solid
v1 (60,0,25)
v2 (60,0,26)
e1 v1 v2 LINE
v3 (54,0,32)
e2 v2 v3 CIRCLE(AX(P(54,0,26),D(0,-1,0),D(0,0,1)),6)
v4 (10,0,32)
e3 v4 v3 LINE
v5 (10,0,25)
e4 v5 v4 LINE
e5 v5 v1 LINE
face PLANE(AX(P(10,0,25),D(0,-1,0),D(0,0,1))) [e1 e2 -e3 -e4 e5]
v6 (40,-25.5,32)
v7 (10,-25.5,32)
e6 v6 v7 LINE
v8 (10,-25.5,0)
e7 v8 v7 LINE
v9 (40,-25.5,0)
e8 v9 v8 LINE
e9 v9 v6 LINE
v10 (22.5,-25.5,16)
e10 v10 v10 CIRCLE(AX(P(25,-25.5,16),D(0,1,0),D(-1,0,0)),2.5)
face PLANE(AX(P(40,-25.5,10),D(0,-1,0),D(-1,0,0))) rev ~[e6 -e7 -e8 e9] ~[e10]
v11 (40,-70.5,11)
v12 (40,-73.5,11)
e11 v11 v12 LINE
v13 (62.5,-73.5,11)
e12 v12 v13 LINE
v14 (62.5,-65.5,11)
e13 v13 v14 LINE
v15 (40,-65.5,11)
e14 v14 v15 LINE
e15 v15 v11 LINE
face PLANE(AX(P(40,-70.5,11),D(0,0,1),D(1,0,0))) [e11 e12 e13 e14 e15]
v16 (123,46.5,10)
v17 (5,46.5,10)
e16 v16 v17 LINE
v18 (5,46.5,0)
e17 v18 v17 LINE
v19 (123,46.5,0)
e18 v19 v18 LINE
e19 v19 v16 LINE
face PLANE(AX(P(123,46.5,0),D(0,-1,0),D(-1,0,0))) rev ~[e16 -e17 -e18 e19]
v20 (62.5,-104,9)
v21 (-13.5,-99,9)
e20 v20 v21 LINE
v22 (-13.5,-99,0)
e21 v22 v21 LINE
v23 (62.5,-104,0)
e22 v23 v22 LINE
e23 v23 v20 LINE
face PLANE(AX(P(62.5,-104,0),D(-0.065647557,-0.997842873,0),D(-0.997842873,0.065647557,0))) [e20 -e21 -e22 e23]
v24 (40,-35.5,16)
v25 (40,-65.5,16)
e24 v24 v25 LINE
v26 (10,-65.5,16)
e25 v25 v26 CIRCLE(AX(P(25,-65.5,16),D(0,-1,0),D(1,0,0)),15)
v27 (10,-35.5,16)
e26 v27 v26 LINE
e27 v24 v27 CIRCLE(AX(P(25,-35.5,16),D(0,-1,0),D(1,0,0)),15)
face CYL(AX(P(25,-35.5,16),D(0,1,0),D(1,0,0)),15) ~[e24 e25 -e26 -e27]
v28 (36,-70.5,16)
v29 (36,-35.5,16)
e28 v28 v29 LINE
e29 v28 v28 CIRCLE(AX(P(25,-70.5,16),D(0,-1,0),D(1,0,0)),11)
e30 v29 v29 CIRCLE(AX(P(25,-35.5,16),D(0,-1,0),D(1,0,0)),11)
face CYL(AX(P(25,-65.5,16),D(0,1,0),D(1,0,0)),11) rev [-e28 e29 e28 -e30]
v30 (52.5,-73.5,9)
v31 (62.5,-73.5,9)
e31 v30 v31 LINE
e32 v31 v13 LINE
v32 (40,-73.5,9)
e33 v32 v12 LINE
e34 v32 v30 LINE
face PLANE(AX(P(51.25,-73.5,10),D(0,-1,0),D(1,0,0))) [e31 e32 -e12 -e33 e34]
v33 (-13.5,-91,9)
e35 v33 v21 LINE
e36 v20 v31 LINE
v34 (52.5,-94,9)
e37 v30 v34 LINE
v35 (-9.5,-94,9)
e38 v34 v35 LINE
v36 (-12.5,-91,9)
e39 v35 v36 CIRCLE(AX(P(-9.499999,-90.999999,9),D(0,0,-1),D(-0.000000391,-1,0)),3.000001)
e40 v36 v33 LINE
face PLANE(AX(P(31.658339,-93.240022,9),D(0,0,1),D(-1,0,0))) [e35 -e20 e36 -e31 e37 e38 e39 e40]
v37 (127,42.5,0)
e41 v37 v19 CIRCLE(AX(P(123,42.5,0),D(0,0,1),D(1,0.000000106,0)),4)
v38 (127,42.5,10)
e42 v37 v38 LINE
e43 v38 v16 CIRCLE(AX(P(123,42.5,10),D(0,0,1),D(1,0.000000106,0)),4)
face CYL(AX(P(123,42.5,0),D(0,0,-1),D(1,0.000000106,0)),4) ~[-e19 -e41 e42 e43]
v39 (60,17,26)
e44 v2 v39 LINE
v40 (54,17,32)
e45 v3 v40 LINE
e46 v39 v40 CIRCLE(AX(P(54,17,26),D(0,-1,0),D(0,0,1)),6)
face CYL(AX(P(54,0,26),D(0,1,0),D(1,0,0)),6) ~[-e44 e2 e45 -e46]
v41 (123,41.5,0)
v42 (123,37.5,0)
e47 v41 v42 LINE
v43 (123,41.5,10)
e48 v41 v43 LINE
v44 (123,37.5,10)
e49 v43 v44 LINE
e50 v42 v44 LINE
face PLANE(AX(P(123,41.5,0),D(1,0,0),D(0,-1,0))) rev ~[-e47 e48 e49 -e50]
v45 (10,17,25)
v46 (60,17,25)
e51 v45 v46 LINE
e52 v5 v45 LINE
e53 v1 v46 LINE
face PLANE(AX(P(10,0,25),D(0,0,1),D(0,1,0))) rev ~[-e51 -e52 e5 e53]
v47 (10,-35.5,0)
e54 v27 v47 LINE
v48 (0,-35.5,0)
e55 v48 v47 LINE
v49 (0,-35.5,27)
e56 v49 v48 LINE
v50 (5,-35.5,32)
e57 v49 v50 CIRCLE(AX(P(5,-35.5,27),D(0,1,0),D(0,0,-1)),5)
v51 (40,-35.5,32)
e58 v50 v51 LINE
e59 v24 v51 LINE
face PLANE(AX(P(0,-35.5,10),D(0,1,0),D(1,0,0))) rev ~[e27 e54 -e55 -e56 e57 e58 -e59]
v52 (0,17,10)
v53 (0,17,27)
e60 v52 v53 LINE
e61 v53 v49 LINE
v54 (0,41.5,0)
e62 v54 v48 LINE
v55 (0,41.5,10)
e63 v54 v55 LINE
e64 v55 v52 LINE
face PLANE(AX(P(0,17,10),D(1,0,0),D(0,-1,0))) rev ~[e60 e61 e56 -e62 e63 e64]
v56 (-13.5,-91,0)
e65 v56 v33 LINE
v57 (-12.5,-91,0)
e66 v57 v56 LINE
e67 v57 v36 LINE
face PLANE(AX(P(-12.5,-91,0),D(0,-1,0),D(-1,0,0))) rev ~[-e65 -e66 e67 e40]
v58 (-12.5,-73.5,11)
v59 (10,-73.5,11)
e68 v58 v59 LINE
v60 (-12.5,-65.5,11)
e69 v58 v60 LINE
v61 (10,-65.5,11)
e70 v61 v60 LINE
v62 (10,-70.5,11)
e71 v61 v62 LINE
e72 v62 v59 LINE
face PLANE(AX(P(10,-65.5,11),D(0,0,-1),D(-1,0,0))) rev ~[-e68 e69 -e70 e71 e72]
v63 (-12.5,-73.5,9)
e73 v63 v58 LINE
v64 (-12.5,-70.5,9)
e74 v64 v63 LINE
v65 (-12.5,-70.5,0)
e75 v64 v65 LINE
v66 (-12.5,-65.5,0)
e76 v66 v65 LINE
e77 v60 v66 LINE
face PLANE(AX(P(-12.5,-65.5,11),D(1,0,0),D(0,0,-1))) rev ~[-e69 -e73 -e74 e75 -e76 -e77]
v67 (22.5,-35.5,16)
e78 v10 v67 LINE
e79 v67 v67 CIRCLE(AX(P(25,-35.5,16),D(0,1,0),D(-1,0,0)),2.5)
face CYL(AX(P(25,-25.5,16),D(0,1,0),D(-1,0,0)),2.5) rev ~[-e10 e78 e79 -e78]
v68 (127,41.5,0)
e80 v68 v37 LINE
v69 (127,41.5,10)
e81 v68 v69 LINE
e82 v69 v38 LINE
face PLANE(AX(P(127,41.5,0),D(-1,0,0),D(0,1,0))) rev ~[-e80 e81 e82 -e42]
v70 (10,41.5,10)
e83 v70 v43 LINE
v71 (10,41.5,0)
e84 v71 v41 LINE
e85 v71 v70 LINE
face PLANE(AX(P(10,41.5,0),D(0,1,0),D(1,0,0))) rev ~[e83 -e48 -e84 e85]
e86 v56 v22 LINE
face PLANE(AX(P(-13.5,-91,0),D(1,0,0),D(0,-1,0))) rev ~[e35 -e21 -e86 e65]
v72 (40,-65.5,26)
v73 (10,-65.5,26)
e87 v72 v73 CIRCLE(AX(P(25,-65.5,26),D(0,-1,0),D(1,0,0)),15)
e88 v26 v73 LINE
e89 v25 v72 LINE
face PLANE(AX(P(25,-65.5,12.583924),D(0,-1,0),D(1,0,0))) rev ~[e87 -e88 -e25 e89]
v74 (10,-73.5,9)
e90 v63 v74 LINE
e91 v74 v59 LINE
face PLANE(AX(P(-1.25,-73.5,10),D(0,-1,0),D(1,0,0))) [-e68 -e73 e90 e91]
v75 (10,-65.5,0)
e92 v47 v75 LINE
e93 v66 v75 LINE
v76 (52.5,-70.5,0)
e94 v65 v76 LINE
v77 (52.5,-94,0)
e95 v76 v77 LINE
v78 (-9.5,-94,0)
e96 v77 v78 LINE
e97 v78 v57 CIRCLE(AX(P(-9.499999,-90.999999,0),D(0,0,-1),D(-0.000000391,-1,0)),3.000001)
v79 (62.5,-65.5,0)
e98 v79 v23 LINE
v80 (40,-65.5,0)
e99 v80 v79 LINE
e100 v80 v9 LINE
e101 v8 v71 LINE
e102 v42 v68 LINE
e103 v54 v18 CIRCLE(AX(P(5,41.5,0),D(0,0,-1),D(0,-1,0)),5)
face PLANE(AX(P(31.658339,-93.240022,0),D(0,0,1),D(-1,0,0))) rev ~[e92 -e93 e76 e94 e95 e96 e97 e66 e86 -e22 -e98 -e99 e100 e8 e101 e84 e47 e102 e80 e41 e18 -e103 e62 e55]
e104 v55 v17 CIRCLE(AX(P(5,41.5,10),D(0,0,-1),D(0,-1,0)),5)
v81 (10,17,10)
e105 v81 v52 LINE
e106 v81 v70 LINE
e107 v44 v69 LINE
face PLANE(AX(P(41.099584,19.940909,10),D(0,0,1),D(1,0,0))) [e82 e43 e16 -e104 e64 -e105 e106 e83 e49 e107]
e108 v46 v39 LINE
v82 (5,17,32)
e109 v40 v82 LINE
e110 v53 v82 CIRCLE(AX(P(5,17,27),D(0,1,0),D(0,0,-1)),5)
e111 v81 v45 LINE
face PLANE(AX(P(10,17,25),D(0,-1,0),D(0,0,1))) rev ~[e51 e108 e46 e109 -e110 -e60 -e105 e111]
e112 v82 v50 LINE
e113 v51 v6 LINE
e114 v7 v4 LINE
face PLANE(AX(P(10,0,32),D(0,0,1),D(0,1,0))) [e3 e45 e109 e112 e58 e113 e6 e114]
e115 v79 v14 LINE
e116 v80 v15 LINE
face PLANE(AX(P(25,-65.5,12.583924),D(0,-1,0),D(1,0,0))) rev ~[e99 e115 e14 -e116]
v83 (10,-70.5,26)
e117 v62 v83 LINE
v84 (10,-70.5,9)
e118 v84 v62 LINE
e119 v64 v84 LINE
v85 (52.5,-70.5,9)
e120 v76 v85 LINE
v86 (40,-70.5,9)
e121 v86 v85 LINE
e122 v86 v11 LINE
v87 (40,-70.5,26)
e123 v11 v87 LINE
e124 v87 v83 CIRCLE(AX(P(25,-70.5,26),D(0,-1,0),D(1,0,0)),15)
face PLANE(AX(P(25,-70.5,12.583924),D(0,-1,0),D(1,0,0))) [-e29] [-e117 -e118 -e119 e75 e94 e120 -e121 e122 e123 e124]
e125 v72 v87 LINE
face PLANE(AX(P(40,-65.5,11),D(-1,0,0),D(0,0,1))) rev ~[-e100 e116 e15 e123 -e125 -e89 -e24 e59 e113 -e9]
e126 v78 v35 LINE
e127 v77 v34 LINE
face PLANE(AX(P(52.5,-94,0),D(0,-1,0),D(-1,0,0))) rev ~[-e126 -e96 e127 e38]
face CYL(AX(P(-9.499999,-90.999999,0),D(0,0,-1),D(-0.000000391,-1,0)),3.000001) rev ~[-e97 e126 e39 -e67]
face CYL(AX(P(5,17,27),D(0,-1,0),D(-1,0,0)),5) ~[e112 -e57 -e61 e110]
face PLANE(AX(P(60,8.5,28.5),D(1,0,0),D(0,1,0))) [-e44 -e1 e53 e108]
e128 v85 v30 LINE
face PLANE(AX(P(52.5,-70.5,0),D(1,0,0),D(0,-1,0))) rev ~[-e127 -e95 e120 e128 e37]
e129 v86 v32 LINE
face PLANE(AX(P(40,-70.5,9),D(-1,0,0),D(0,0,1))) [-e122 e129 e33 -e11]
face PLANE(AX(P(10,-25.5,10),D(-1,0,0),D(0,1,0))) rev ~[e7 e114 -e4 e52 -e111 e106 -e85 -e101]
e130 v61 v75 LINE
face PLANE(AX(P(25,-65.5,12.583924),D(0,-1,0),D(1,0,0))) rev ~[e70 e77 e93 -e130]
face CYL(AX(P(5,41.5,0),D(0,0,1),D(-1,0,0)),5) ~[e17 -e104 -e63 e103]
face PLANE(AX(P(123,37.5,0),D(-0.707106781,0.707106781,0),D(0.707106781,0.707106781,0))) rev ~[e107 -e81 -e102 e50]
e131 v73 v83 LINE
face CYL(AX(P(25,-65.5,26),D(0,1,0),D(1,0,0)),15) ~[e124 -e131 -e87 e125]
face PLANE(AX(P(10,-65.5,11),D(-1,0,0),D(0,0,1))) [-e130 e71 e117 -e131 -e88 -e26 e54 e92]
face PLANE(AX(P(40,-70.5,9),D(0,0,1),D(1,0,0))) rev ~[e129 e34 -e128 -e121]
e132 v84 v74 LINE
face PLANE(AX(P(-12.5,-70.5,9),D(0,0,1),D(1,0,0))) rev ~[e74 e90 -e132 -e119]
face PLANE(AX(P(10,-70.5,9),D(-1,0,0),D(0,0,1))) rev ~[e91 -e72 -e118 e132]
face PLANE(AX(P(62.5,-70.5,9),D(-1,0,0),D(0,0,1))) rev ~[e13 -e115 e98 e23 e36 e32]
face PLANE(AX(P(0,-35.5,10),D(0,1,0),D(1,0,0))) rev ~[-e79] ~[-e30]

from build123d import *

# Parameters (mm, degrees)
PAD_DEPTH    = 10
PAD001_DEPTH = 22
SKETCH003_W  = 17
SKETCH003_H  = 7
PAD002_DEPTH = 50
FILLET_R     = 6
FILLET001_R  = 5
FILLET002_R  = 5
SKETCH004_R  = 2.5
POCKET_DEPTH = 10.001
SKETCH005_R  = 11
PAD003_DEPTH = 30
SKETCH006_R  = 11
PAD004_DEPTH = 5
PAD005_DEPTH = 9
SKETCH008_W  = 22.5
SKETCH008_H  = 2
PAD006_DEPTH = 3


with BuildPart() as part:
    # Sketch → Pad (new body)
    with BuildSketch(Plane.XY):
        with BuildLine():
            Line((123, 46.5), (0, 46.5))
            Line((0, 46.5), (0, -35.5))
            Line((0, -35.5), (40, -35.5))
            Line((40, -35.5), (40, -25.5))
            Line((40, -25.5), (10, -25.5))
            Line((10, -25.5), (10, 41.5))
            Line((10, 41.5), (123, 41.5))
            Line((123, 41.5), (123, 37.5))
            Line((123, 37.5), (127, 41.5))
            Line((127, 41.5), (127, 42.5))
            ThreePointArc((127, 42.5), (125.828427, 45.328427), (123, 46.5))
        make_face()
    extrude(amount=PAD_DEPTH)

    # Sketch002 (on Face13 of Pad) → Pad001 (join)
    with BuildSketch(Plane.XY.offset(10)):
        Polygon((0, -35.5), (40, -35.5), (40, -25.5), (10, -25.5), (10, 17), (0, 17), align=None)
    extrude(amount=PAD001_DEPTH)

    # Sketch003 (on Face20 of Pad001) → Pad002 (join)
    with BuildSketch(Plane.YZ.offset(10)):
        with Locations((8.5, 28.5)):
            Rectangle(SKETCH003_W, SKETCH003_H)
    extrude(amount=PAD002_DEPTH)

    # Fillet
    fillet_edges = [part.edges().sort_by_distance(p)[0] for p in [
        (60, 8.5, 32),
    ]]
    fillet(fillet_edges, radius=FILLET_R)

    # Fillet001
    fillet001_edges = [part.edges().sort_by_distance(p)[0] for p in [
        (0, 46.5, 5),
    ]]
    fillet(fillet001_edges, radius=FILLET001_R)

    # Fillet002
    fillet002_edges = [part.edges().sort_by_distance(p)[0] for p in [
        (0, -9.25, 32),
    ]]
    fillet(fillet002_edges, radius=FILLET002_R)

    # Sketch004 (on Face19 of Fillet002) → Pocket (cut, through all)
    with BuildSketch(Plane(origin=(0, -25.5, 0), x_dir=(-1, 0, 0), z_dir=(0, 1, 0))):
        with Locations((-25, 16)):
            Circle(SKETCH004_R)
    extrude(amount=-POCKET_DEPTH, mode=Mode.SUBTRACT)

    # Sketch005 (on Face9 of Pocket) → Pad003 (join)
    with BuildSketch(Plane.XZ.offset(35.5)):
        with BuildLine():
            ThreePointArc((40, 16), (25, 31), (10, 16))
            Line((10, 16), (10, 0))
            Line((10, 0), (40, 0))
            Line((40, 0), (40, 16))
        make_face()
        with Locations((25, 16)):
            Circle(SKETCH005_R, mode=Mode.SUBTRACT)
    extrude(amount=PAD003_DEPTH)

    # Sketch006 (on Face34 of Pad003) → Pad004 (join)
    with BuildSketch(Plane.XZ.offset(65.5)):
        with BuildLine():
            ThreePointArc((40, 26), (25, 41), (10, 26))
            Line((10, 11), (10, 26))
            Line((10, 11), (-12.5, 11))
            Line((-12.5, 11), (-12.5, 0))
            Line((-12.5, 0), (62.5, 0))
            Line((62.5, 0), (62.5, 11))
            Line((62.5, 11), (40, 11))
            Line((40, 11), (40, 26))
        make_face()
        with Locations((25, 16)):
            Circle(SKETCH006_R, mode=Mode.SUBTRACT)
    extrude(amount=PAD004_DEPTH)

    # Sketch007 (on Face40 of Pad004) → Pad005 (join)
    with BuildSketch(Plane(origin=(0, 0, 0), x_dir=(1, 0, 0), z_dir=(0, 0, -1))):
        with BuildLine():
            Line((52.5, 70.5), (52.5, 94))
            Line((52.5, 94), (-9.5, 94))
            ThreePointArc((-9.5, 94), (-11.62132, 93.12132), (-12.5, 91))
            Line((-12.5, 91), (-13.5, 91))
            Line((-13.5, 91), (-13.5, 99))
            Line((62.5, 104), (-13.5, 99))
            Line((62.5, 104), (62.5, 94))
            Line((62.5, 94), (62.5, 70.5))
            Line((62.5, 70.5), (52.5, 70.5))
        make_face()
    extrude(amount=-PAD005_DEPTH)

    # Sketch008 (on Face43 of Pad005) → Pad006 (join)
    with BuildSketch(Plane.XZ.offset(70.5)):
        with Locations((51.25, 10)):
            Rectangle(SKETCH008_W, SKETCH008_H)
        with Locations((-1.25, 10)):
            Rectangle(SKETCH008_W, SKETCH008_H)
    extrude(amount=PAD006_DEPTH)


solid = part.part
